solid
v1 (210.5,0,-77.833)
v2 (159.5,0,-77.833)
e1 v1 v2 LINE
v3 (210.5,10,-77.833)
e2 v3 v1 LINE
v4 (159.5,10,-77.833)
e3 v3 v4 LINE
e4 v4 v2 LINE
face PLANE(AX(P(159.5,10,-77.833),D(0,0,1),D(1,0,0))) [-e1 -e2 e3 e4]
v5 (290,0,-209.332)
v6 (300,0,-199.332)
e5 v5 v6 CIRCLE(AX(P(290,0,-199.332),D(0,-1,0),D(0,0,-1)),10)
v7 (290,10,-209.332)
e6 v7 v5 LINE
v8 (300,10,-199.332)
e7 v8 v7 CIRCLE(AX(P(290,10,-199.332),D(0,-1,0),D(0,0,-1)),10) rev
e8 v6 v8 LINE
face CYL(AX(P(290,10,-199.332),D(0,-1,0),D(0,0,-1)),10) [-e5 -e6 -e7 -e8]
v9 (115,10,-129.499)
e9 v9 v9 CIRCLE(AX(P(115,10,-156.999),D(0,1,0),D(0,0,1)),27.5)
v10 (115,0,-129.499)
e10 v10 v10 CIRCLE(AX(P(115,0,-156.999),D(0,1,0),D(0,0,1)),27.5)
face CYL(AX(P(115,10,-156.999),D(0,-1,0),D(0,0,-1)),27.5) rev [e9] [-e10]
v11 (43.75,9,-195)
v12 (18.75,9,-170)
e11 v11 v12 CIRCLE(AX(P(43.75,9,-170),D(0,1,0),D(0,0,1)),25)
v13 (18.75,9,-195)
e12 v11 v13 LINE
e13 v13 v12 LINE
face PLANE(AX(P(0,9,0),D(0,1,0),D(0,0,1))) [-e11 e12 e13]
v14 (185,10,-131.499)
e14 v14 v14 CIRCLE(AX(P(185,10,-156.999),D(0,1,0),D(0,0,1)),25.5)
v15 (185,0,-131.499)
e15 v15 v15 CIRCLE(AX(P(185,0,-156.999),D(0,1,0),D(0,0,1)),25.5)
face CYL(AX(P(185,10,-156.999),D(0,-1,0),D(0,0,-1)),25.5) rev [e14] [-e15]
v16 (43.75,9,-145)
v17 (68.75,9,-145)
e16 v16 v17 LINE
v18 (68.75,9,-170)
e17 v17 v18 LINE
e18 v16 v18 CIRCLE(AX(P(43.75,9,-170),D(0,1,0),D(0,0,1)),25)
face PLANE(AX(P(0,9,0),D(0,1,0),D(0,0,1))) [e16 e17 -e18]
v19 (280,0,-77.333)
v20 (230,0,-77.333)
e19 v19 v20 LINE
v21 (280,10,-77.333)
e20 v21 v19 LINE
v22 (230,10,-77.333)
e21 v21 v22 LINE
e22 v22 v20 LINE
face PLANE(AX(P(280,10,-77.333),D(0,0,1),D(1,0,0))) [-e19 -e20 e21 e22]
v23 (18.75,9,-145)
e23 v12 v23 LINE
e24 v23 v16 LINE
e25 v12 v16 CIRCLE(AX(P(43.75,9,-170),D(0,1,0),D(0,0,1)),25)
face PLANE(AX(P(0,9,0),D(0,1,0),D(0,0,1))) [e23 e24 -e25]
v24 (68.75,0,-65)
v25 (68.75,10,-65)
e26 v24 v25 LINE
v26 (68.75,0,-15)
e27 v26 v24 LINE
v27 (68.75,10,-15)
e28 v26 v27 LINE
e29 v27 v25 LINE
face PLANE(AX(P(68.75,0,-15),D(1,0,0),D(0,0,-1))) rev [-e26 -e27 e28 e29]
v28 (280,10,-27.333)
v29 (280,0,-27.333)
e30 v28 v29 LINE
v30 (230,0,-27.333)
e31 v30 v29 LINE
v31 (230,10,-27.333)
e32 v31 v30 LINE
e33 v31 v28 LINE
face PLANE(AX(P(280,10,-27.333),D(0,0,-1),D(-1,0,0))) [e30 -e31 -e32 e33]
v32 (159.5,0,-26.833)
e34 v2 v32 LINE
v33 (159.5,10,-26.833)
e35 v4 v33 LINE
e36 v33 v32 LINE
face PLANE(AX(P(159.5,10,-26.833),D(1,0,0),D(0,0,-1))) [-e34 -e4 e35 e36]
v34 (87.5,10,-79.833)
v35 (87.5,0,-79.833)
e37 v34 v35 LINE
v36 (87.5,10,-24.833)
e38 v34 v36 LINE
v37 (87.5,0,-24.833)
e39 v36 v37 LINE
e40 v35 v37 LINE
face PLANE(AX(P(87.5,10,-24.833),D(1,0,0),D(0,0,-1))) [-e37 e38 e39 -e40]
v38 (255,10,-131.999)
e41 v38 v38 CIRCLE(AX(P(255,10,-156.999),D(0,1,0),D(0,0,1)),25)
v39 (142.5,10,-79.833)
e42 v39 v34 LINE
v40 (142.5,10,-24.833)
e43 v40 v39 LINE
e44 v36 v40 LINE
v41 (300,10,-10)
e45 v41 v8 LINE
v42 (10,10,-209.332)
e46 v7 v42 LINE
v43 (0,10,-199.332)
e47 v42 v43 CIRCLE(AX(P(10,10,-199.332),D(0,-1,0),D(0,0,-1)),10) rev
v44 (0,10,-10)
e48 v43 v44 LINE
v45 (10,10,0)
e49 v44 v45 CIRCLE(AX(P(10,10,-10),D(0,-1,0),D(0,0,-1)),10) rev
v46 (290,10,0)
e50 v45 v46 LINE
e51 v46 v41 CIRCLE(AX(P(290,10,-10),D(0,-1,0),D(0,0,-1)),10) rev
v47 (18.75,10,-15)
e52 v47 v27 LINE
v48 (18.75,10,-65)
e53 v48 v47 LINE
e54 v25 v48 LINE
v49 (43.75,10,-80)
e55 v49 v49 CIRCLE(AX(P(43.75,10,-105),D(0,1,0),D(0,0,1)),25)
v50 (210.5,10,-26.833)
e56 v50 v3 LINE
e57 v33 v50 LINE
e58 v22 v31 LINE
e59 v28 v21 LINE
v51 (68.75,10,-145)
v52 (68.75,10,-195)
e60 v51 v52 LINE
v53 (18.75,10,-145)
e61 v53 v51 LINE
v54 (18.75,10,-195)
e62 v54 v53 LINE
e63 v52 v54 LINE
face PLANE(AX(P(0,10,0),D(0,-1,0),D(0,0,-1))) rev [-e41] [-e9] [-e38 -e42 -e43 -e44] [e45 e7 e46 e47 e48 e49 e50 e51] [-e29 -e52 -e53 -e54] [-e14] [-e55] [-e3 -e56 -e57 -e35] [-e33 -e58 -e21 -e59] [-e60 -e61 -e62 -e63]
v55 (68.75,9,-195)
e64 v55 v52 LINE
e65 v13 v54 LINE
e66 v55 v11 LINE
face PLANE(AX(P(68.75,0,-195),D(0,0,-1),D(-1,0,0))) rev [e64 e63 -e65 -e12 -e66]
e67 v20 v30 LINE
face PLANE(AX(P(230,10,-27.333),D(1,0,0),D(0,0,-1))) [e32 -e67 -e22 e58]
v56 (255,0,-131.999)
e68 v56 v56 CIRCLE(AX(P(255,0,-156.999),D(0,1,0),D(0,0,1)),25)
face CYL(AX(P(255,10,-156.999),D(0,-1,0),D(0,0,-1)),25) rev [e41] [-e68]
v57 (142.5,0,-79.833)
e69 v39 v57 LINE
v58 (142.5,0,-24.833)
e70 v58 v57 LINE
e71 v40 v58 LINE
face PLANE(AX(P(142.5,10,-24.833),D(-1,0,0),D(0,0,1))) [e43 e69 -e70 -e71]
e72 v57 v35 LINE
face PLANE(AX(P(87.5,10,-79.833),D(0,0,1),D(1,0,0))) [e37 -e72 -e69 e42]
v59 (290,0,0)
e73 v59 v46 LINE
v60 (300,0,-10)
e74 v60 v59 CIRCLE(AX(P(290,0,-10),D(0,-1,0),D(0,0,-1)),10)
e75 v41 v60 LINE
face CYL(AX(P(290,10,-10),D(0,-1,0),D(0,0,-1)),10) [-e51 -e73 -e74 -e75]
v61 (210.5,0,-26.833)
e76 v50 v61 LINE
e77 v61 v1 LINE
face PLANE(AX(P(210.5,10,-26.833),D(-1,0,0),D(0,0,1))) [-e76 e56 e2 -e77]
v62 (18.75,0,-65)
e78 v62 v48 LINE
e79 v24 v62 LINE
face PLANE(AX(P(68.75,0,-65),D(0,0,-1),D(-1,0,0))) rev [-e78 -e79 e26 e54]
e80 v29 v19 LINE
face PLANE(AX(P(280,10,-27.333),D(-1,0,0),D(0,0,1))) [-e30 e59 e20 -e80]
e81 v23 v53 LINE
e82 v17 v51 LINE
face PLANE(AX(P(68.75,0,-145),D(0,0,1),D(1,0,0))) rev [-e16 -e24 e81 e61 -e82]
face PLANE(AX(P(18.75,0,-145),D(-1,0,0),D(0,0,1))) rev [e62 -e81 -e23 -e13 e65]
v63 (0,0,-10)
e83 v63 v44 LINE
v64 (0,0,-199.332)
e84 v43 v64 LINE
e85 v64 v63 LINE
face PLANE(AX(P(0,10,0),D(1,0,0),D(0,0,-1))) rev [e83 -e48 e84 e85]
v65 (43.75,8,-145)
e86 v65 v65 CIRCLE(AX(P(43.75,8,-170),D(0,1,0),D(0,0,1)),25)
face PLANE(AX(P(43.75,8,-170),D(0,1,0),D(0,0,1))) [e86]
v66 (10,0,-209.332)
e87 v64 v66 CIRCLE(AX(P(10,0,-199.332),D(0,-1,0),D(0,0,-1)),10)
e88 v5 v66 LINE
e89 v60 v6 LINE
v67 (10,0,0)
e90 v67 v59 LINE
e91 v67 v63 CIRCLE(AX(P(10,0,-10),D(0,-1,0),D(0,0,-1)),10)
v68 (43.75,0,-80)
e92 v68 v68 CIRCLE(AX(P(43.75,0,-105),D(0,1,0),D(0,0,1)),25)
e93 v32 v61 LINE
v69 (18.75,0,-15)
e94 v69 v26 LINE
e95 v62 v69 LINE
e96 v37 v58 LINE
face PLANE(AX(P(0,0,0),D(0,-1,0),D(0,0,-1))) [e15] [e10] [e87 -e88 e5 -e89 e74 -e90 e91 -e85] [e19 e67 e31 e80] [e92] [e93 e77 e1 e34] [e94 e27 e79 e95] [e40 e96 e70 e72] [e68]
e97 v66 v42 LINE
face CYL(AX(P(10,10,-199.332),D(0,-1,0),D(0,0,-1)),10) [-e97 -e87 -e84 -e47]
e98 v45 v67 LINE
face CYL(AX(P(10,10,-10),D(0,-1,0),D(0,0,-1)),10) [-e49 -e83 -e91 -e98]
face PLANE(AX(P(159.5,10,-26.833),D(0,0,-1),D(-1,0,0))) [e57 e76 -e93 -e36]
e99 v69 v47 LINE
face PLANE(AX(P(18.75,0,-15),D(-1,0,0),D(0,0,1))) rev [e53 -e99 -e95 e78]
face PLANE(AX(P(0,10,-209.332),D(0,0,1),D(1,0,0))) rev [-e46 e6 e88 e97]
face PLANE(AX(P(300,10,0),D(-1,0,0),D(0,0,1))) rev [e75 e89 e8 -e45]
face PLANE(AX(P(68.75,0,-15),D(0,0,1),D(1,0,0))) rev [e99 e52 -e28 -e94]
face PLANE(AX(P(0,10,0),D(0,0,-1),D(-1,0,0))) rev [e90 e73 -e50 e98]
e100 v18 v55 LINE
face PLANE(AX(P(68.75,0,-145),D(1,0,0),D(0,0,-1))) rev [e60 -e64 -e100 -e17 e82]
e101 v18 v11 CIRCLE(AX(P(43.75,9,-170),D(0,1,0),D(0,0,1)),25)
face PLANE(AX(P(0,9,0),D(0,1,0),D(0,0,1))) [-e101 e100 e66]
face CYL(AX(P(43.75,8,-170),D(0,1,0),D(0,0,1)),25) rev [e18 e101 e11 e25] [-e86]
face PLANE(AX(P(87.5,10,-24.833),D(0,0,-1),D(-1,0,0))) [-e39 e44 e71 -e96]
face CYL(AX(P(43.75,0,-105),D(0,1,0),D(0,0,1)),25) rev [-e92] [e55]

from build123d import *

# Parameters (mm, degrees)
SKETCH1_W           = 300
SKETCH1_H           = 209.332
SKETCH1_R           = 25
SKETCH1_R_2         = 27.5
SKETCH1_R_3         = 25.5
SKETCH1_W_2         = 55
SKETCH1_H_2         = 55
SKETCH1_W_3         = 51
SKETCH1_H_3         = 51
SKETCH1_W_4         = 50
SKETCH1_H_4         = 50
BOSS_EXTRUDE1_DEPTH = 10
SKETCH2_W           = 50
SKETCH2_H           = 50
CUT_EXTRUDE1_DEPTH  = 1
BOSS_EXTRUDE2_START = -9
SKETCH3_R           = 25
BOSS_EXTRUDE2_DEPTH = 8
SKETCH4_W           = 50
SKETCH4_H           = 50
CUT_EXTRUDE2_DEPTH  = 366.950660915
FILLET1_R           = 10
SKETCH5_W           = 50
SKETCH5_H           = 50
BOSS_EXTRUDE3_DEPTH = 10
SKETCH6_R           = 25
SKETCH6_W           = 50
SKETCH6_H           = 50
CUT_EXTRUDE3_DEPTH  = 366.950660915
BOSS_EXTRUDE4_START = -1
SKETCH7_W           = 50
SKETCH7_H           = 50
BOSS_EXTRUDE4_DEPTH = 9
SKETCH8_R           = 25
CUT_EXTRUDE4_DEPTH  = 1


with BuildPart() as part:
    # Sketch1 → Boss-Extrude1 (new body)
    with BuildSketch(Plane(origin=(0, 0, 0), x_dir=(1, 0, 0), z_dir=(0, 1, 0))):
        with Locations((150, 104.666)):
            Rectangle(SKETCH1_W, SKETCH1_H)
        with Locations(Location((45, 156.999, 0), (0, 0, 270))):
            Circle(SKETCH1_R, mode=Mode.SUBTRACT)
        with Locations(Location((45, 52.333, 0), (0, 0, 270))):
            Circle(SKETCH1_R, mode=Mode.SUBTRACT)
        with Locations(Location((115, 156.999, 0), (0, 0, 270))):
            Circle(SKETCH1_R_2, mode=Mode.SUBTRACT)
        with Locations(Location((185, 156.999, 0), (0, 0, 270))):
            Circle(SKETCH1_R_3, mode=Mode.SUBTRACT)
        with Locations(Location((255, 156.999, 0), (0, 0, 270))):
            Circle(SKETCH1_R, mode=Mode.SUBTRACT)
        with Locations((115, 52.333)):
            Rectangle(SKETCH1_W_2, SKETCH1_H_2, mode=Mode.SUBTRACT)
        with Locations((185, 52.333)):
            Rectangle(SKETCH1_W_3, SKETCH1_H_3, mode=Mode.SUBTRACT)
        with Locations((255, 52.333)):
            Rectangle(SKETCH1_W_4, SKETCH1_H_4, mode=Mode.SUBTRACT)
    extrude(amount=BOSS_EXTRUDE1_DEPTH)

    # Sketch2 → Cut-Extrude1 (cut)
    with BuildSketch(Plane(origin=(0, 10, 0), x_dir=(1, 0, 0), z_dir=(0, 1, 0))):
        with Locations((45, 156.999)):
            Rectangle(SKETCH2_W, SKETCH2_H)
    extrude(amount=-CUT_EXTRUDE1_DEPTH, mode=Mode.SUBTRACT)

    # Sketch3 → Boss-Extrude2 (add)
    with BuildSketch(Plane(origin=(0, 9, 0), x_dir=(1, 0, 0), z_dir=(0, 1, 0)).offset(BOSS_EXTRUDE2_START)):
        with Locations(Location((45, 156.999, 0), (0, 0, 270))):
            Circle(SKETCH3_R)
    extrude(amount=BOSS_EXTRUDE2_DEPTH)

    # Sketch4 → Cut-Extrude2 (cut, through all)
    with BuildSketch(Plane(origin=(0, 10, 0), x_dir=(1, 0, 0), z_dir=(0, 1, 0))):
        with Locations((45, 52.333)):
            Rectangle(SKETCH4_W, SKETCH4_H)
    extrude(amount=-CUT_EXTRUDE2_DEPTH, mode=Mode.SUBTRACT)

    # Fillet1
    fillet1_edges = [part.edges().sort_by_distance(p)[0] for p in [
        (0, 5, -209.332),
        (300, 5, -209.332),
        (300, 5, 0),
        (0, 5, 0),
    ]]
    fillet(fillet1_edges, radius=FILLET1_R)

    # Sketch5 → Boss-Extrude3 (add)
    with BuildSketch(Plane(origin=(0, 10, 0), x_dir=(1, 0, 0), z_dir=(0, 1, 0))):
        with Locations((45, 156.999)):
            Rectangle(SKETCH5_W, SKETCH5_H)
        with Locations((45, 52.333)):
            Rectangle(SKETCH5_W, SKETCH5_H)
    extrude(amount=-BOSS_EXTRUDE3_DEPTH)

    # Sketch6 → Cut-Extrude3 (cut, through all)
    with BuildSketch(Plane(origin=(0, 10, 0), x_dir=(1, 0, 0), z_dir=(0, 1, 0))):
        with Locations(Location((43.75, 105, 0), (0, 0, 270))):
            Circle(SKETCH6_R)
        with Locations((43.75, 40)):
            Rectangle(SKETCH6_W, SKETCH6_H)
        with Locations((43.75, 170)):
            Rectangle(SKETCH6_W, SKETCH6_H)
    extrude(amount=-CUT_EXTRUDE3_DEPTH, mode=Mode.SUBTRACT)

    # Sketch7 → Boss-Extrude4 (add)
    with BuildSketch(Plane(origin=(0, 10, 0), x_dir=(1, 0, 0), z_dir=(0, 1, 0)).offset(BOSS_EXTRUDE4_START)):
        with Locations((43.75, 170)):
            Rectangle(SKETCH7_W, SKETCH7_H)
    extrude(amount=-BOSS_EXTRUDE4_DEPTH)

    # Sketch8 → Cut-Extrude4 (cut)
    with BuildSketch(Plane(origin=(0, 9, 0), x_dir=(1, 0, 0), z_dir=(0, 1, 0))):
        with Locations(Location((43.75, 170, 0), (0, 0, 270))):
            Circle(SKETCH8_R)
    extrude(amount=-CUT_EXTRUDE4_DEPTH, mode=Mode.SUBTRACT)


solid = part.part
